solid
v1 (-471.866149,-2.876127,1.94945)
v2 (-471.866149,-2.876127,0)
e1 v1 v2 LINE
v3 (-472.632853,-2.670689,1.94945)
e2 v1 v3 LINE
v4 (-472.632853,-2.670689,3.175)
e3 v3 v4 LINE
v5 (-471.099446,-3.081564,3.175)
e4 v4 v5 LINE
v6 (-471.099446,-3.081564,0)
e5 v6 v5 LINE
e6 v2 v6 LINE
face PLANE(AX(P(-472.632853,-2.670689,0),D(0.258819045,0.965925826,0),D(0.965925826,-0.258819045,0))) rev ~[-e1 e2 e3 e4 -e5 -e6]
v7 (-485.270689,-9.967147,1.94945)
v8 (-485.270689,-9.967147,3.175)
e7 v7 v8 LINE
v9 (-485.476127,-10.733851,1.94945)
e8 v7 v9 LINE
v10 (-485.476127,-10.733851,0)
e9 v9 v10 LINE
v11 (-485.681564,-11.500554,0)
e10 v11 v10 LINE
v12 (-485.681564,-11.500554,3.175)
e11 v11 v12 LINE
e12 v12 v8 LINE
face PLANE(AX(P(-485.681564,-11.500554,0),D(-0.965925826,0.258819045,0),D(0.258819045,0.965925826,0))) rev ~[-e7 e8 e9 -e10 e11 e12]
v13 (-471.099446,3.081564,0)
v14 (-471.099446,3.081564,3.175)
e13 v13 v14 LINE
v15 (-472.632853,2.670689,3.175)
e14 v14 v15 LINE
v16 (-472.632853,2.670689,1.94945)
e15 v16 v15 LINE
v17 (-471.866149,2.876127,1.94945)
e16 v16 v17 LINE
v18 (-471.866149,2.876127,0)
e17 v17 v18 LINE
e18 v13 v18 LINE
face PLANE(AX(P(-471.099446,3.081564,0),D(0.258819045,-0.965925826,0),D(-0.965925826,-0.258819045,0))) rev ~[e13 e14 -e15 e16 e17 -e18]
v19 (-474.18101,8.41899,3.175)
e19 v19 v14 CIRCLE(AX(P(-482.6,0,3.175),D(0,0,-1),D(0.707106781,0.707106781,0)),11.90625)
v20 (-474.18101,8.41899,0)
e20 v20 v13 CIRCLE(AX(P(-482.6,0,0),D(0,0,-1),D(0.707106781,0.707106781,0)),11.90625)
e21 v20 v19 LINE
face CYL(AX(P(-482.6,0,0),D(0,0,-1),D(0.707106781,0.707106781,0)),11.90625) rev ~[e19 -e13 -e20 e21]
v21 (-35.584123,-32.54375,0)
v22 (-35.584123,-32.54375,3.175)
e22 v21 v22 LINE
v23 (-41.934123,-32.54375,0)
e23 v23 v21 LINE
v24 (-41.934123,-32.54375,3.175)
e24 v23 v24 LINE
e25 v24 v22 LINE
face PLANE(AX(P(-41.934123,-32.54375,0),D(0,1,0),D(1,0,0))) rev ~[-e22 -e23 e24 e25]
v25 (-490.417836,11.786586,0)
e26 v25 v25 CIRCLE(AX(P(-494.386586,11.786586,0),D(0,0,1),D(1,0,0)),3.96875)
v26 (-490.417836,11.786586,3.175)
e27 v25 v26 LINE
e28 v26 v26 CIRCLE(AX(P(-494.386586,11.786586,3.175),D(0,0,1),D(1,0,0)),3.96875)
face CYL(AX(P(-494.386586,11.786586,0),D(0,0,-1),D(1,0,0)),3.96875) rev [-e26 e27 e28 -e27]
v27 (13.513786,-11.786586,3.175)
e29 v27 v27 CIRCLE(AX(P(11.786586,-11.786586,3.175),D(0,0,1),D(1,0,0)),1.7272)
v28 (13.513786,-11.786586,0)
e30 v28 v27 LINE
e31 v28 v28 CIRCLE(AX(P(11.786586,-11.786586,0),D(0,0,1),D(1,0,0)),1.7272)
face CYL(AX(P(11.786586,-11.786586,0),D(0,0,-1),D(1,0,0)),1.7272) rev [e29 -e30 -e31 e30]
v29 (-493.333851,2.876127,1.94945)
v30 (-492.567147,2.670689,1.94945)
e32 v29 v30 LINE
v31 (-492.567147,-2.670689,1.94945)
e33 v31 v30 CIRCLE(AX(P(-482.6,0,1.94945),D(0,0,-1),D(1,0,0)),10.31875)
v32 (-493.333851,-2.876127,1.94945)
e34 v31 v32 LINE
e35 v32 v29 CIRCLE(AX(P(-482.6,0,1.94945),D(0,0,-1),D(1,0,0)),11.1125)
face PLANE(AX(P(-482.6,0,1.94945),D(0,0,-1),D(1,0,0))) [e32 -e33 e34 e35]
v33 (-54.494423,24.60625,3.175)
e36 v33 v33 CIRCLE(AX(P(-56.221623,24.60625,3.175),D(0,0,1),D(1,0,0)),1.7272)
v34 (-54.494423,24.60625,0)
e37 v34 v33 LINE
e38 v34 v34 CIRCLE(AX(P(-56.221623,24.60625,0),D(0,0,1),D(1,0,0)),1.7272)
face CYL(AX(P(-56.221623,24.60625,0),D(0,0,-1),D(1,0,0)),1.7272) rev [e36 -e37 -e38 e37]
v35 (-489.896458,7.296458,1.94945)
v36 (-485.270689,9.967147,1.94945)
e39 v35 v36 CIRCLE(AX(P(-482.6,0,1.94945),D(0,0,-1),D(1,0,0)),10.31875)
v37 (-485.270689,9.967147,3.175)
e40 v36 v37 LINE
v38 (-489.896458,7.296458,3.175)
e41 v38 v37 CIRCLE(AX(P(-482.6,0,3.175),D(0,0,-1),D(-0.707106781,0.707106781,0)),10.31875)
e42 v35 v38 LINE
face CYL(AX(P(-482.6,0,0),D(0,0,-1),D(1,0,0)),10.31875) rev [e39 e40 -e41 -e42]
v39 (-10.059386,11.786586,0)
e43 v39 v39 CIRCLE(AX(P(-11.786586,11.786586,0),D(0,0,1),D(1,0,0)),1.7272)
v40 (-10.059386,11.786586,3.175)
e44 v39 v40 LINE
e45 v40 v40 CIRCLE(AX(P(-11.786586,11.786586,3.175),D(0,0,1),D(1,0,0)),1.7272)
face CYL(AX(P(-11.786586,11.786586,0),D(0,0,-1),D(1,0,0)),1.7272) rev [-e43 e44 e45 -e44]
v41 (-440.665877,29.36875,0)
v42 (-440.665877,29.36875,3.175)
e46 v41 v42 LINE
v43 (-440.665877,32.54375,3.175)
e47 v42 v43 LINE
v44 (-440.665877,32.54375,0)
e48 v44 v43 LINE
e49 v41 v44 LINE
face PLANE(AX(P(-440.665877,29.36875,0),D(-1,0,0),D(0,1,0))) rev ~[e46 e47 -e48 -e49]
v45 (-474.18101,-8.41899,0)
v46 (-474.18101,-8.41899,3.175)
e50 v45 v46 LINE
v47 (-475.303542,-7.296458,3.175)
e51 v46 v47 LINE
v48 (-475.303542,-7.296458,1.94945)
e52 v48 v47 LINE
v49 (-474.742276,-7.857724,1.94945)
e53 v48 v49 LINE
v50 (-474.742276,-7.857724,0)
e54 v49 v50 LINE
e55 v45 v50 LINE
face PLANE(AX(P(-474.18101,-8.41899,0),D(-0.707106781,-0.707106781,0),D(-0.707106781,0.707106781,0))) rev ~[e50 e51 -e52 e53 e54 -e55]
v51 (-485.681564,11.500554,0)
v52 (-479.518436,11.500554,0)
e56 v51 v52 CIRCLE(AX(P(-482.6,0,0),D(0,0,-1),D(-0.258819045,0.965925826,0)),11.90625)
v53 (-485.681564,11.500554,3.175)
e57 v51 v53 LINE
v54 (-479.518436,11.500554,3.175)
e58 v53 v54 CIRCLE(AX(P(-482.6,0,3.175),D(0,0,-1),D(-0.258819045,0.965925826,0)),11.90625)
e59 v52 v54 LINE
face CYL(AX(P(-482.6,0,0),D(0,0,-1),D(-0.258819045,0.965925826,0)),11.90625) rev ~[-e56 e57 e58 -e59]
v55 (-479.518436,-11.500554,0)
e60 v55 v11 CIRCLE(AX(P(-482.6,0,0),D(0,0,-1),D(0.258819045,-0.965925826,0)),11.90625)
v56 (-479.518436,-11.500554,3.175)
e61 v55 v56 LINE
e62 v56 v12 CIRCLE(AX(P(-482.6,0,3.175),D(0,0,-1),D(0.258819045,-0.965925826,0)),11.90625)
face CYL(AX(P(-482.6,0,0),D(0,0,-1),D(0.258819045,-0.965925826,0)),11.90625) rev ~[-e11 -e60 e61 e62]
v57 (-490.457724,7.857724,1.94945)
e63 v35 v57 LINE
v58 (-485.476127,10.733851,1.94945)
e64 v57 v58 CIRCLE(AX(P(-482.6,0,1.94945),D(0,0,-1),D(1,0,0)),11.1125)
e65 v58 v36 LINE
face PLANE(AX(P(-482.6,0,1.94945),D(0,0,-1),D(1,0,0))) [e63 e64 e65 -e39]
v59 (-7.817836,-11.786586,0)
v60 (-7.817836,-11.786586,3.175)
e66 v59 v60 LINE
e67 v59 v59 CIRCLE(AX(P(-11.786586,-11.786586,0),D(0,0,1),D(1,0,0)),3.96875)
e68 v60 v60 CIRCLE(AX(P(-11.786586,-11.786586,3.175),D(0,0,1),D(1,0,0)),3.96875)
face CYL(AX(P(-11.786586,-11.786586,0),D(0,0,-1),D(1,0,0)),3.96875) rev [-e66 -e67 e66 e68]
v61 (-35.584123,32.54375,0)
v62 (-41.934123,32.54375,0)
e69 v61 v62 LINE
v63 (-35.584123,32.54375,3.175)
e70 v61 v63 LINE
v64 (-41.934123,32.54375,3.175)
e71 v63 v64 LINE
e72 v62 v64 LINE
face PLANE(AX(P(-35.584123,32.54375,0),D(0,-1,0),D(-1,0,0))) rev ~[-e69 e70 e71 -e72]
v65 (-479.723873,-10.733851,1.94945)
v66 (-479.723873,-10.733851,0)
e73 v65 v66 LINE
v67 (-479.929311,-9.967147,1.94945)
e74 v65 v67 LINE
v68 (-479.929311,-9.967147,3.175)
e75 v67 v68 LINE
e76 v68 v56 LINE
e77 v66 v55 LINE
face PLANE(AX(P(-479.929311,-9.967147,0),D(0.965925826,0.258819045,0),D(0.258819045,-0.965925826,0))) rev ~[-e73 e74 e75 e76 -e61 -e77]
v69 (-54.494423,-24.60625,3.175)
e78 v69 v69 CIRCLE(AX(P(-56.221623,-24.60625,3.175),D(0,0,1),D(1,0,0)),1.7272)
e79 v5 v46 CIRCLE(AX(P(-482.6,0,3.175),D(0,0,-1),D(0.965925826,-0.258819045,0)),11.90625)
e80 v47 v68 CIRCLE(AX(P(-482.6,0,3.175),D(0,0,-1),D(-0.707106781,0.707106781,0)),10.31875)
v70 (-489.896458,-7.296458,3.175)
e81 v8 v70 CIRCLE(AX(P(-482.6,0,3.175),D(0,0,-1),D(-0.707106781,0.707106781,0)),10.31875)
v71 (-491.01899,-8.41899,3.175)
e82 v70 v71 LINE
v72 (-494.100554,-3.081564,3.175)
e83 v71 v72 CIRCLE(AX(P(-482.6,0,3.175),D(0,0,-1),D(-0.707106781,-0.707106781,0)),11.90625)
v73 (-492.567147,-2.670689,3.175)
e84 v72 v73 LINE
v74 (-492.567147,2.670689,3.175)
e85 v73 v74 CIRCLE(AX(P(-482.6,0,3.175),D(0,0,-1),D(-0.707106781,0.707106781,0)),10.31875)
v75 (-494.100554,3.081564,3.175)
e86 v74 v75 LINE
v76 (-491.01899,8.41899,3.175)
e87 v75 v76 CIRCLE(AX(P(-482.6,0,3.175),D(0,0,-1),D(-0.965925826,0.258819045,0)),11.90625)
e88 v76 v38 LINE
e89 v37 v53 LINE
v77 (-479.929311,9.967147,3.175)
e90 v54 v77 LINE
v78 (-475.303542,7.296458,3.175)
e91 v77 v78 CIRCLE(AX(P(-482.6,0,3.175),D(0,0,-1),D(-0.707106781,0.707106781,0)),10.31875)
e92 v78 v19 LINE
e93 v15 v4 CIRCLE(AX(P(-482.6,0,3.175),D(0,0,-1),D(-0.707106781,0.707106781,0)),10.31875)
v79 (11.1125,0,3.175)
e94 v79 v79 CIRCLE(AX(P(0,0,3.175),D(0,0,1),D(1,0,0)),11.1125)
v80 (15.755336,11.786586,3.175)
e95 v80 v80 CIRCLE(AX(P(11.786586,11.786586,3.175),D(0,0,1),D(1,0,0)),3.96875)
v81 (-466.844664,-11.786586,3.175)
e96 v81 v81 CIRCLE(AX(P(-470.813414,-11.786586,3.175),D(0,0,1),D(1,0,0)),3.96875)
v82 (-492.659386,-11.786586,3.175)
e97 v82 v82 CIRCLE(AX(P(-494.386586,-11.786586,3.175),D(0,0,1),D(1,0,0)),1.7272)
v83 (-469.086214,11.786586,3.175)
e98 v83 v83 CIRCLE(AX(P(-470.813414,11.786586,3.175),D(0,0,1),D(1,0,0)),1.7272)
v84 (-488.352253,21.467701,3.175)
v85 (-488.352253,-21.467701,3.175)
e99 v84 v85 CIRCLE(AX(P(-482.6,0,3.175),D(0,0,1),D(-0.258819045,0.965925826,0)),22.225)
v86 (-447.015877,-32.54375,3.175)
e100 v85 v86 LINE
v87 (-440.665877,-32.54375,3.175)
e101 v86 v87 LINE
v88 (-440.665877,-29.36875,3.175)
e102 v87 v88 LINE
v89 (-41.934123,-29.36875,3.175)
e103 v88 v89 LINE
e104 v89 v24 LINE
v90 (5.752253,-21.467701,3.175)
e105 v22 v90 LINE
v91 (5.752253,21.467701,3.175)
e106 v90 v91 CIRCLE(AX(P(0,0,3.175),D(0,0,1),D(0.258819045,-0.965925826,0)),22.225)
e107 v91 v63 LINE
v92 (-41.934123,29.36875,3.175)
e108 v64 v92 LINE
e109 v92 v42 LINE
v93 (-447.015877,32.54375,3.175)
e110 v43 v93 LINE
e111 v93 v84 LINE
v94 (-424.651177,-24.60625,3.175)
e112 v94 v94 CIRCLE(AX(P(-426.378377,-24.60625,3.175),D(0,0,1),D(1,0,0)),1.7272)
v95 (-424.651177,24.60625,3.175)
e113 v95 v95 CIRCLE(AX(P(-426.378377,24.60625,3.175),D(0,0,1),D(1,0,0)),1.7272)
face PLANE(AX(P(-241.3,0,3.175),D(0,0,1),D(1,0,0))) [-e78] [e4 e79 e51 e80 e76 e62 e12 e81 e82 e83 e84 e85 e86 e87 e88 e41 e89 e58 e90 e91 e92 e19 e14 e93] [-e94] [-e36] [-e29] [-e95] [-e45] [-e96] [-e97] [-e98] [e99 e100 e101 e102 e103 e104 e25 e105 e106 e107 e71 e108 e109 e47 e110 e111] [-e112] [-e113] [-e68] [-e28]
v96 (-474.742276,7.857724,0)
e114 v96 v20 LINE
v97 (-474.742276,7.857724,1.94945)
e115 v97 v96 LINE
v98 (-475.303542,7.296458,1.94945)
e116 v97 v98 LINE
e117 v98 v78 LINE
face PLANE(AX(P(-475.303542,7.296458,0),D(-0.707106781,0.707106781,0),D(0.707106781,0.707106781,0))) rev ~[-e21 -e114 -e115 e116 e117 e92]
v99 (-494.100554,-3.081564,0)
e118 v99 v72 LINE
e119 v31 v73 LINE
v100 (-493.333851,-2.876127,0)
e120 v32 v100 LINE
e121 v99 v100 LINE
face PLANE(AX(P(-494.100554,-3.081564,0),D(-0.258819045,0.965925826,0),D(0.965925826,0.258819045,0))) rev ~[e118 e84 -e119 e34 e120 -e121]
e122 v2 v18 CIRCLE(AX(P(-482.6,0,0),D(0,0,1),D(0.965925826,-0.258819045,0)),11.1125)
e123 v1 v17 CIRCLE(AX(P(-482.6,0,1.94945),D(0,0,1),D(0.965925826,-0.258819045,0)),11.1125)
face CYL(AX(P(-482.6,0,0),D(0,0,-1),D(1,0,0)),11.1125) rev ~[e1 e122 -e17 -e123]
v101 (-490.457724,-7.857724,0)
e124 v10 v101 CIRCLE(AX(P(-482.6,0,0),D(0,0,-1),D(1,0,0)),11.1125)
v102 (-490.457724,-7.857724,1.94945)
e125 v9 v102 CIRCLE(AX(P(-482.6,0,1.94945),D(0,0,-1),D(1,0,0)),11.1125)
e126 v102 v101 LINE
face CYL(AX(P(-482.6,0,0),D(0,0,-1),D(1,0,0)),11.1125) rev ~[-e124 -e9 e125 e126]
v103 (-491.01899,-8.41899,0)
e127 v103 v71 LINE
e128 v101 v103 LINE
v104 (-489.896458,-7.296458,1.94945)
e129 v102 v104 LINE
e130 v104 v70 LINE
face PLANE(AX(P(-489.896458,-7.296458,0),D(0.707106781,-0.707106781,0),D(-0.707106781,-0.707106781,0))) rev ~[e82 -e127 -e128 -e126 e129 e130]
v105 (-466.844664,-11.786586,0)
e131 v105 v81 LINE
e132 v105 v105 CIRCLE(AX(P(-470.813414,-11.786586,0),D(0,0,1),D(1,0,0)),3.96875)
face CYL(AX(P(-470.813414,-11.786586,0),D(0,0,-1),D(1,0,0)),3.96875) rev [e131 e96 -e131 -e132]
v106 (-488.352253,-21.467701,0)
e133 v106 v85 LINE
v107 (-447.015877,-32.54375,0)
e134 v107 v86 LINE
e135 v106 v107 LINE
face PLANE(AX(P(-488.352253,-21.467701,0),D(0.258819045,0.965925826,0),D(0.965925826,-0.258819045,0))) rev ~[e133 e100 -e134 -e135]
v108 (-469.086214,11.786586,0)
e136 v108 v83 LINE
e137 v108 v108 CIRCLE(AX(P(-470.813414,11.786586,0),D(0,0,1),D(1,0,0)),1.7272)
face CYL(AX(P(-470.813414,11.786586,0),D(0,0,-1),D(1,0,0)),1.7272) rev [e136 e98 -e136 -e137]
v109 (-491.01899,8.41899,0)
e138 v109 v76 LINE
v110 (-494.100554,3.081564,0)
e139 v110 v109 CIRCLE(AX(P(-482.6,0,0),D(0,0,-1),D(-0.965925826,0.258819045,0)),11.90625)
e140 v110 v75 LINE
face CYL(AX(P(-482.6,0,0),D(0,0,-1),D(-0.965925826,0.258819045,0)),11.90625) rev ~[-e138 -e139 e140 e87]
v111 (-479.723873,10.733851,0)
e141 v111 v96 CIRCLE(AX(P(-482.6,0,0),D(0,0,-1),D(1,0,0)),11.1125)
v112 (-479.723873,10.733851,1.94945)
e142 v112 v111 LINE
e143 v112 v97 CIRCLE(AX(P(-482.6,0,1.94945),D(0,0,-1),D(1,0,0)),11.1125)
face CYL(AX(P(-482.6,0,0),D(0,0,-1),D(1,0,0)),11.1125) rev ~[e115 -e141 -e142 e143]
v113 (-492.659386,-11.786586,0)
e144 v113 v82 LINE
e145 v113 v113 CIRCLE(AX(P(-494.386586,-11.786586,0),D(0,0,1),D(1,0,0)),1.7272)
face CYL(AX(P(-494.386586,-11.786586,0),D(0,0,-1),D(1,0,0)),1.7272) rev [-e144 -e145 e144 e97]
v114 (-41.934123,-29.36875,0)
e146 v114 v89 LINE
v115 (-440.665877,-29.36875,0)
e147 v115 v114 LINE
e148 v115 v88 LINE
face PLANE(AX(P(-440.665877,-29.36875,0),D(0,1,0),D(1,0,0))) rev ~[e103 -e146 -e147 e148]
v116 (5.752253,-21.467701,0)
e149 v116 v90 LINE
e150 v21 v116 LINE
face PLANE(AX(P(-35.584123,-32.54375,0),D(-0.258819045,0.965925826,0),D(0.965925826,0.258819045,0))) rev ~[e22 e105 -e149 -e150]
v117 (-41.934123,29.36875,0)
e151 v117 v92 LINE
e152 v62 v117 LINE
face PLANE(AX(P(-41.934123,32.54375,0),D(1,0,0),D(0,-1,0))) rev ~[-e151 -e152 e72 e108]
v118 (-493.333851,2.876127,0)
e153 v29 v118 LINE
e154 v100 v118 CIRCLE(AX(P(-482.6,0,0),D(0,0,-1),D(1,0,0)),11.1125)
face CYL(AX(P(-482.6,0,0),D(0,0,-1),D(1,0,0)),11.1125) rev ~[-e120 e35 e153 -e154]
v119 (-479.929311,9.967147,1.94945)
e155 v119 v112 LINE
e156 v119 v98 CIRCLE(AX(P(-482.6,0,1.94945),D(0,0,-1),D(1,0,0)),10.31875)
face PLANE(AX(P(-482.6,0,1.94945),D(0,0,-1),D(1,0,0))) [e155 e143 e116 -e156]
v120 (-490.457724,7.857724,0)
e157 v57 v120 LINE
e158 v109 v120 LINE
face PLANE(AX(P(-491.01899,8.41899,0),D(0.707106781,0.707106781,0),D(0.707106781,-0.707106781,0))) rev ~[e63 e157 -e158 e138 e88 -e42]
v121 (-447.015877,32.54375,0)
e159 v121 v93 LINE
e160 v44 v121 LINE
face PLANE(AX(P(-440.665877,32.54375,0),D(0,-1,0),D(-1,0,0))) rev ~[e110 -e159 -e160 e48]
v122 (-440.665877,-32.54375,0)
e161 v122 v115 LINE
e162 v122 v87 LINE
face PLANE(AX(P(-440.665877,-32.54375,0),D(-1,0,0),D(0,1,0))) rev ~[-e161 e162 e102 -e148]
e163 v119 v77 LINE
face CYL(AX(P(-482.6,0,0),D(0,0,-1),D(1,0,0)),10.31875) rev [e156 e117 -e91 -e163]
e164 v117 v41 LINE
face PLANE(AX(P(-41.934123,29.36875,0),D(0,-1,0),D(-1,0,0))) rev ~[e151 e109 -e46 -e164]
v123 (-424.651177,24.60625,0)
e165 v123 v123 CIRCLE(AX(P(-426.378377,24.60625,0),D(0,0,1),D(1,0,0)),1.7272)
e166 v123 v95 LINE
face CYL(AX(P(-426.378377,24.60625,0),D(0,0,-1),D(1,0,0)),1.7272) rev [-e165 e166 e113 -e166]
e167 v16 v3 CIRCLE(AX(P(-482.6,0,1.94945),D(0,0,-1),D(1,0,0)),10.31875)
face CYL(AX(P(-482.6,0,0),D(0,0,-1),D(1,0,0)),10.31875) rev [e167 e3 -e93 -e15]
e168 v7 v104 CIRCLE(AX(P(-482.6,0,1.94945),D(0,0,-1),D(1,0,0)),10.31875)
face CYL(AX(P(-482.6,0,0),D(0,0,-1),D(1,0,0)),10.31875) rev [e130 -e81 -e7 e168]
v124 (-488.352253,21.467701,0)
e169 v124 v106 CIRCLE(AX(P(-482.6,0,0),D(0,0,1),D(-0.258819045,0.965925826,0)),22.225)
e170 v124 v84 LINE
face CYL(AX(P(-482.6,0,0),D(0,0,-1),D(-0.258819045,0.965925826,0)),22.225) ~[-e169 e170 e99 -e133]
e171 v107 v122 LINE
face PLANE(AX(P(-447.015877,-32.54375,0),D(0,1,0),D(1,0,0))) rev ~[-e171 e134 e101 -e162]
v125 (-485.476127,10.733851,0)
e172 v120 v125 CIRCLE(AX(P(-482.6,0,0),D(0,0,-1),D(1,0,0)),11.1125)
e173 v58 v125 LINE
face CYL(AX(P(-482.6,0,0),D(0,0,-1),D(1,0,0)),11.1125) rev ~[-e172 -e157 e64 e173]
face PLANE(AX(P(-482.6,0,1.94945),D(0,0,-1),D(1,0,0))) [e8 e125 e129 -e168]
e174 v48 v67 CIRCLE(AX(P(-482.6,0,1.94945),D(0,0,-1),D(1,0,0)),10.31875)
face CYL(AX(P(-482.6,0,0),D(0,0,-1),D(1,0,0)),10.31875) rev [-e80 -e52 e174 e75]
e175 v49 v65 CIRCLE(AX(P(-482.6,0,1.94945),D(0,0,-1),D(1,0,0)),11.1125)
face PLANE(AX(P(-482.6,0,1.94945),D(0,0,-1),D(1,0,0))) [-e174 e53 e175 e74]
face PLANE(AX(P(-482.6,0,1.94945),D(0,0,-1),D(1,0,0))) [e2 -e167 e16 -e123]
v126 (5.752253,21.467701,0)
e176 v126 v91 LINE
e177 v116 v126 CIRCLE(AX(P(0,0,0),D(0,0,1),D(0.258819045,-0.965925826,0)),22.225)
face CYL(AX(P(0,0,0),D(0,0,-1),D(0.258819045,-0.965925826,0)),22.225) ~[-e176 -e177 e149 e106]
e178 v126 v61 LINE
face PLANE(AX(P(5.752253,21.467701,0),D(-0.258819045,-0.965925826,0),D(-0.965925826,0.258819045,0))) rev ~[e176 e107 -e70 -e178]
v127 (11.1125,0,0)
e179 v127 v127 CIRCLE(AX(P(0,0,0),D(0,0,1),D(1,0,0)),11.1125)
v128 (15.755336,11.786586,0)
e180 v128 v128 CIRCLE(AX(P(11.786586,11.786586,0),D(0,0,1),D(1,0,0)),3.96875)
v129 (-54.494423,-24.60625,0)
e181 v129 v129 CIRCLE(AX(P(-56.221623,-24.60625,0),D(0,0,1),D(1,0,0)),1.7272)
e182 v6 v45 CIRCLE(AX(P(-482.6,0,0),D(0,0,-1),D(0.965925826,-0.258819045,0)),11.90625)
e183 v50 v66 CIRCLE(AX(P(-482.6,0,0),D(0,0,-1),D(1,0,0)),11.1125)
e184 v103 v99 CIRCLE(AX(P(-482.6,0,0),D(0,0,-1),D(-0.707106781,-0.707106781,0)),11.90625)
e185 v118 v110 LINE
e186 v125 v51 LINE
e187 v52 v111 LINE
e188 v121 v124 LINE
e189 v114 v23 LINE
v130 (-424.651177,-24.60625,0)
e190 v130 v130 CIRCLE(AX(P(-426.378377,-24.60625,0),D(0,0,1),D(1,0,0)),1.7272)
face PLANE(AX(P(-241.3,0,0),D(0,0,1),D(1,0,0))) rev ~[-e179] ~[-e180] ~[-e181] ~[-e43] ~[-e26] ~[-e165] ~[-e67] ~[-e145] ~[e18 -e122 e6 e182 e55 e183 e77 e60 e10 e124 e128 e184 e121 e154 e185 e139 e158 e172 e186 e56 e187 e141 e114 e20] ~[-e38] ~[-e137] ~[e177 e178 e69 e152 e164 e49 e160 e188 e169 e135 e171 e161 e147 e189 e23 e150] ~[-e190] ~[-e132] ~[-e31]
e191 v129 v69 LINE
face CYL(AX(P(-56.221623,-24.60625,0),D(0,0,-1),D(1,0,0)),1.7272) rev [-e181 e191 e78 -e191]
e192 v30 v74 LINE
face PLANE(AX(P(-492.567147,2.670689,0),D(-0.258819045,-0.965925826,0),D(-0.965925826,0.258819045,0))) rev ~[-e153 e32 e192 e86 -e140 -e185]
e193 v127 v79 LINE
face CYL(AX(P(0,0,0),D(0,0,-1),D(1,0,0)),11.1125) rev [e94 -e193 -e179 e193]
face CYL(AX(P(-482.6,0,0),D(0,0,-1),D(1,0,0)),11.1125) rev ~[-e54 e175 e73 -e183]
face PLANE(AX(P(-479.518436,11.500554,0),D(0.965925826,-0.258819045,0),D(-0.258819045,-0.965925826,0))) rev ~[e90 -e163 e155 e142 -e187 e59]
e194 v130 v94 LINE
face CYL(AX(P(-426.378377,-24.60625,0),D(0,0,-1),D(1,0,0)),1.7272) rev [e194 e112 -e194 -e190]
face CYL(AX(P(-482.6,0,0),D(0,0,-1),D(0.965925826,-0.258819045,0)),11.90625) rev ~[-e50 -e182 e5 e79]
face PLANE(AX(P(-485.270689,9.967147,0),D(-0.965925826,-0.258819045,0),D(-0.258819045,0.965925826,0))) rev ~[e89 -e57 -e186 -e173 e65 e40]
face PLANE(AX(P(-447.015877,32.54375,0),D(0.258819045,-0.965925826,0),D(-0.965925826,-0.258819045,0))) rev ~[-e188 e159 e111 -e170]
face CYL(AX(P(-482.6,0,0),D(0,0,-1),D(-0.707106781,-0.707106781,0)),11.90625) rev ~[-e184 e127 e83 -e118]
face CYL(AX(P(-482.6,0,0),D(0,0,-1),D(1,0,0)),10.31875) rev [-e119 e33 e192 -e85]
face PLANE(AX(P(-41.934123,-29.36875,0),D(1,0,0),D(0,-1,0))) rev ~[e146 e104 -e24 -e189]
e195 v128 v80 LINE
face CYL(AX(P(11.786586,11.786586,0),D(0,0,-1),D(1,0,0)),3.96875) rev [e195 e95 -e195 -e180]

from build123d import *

# Parameters (mm, degrees)
F0_R     = 1.7272
F0_R_2   = 3.96875
F0_R_3   = 10.31875
F0_R_4   = 11.1125
F1_DEPTH = 3.175
F3_DEPTH = 3.175
F4_COUNT = 6
F4_ANGLE = 300
F5_R     = 11.1125
F6_DEPTH = 1.94945


with BuildPart() as f1:
    # F0 (on Top) → F1 (new body)
    with BuildSketch(Plane.XY):
        with BuildLine():
            Line((-447.0158774883, 32.54375), (-488.3522532774, 21.4677014893))
            ThreePointArc((-488.3522532774, 21.4677014893), (-504.825, 0), (-488.3522532774, -21.4677014893))
            Line((-488.3522532774, -21.4677014893), (-447.0158774883, -32.54375))
            Line((-447.0158774883, -32.54375), (-440.6658774883, -32.54375))
            Line((-440.6658774883, -32.54375), (-440.6658774883, -29.36875))
            Line((-440.6658774883, -29.36875), (-41.9341225117, -29.36875))
            Line((-41.9341225117, -29.36875), (-41.9341225117, -32.54375))
            Line((-41.9341225117, -32.54375), (-35.5841225117, -32.54375))
            Line((-35.5841225117, -32.54375), (5.7522532774, -21.4677014893))
            ThreePointArc((5.7522532774, -21.4677014893), (22.225, 0), (5.7522532774, 21.4677014893))
            Line((5.7522532774, 21.4677014893), (-35.5841225117, 32.54375))
            Line((-35.5841225117, 32.54375), (-41.9341225117, 32.54375))
            Line((-41.9341225117, 32.54375), (-41.9341225117, 29.36875))
            Line((-41.9341225117, 29.36875), (-440.6658774883, 29.36875))
            Line((-440.6658774883, 29.36875), (-440.6658774883, 32.54375))
            Line((-440.6658774883, 32.54375), (-447.0158774883, 32.54375))
        make_face()
        with Locations((-426.3783774883, -24.60625)):
            Circle(F0_R, mode=Mode.SUBTRACT)
        with Locations((-494.3865861589, -11.7865861589)):
            Circle(F0_R, mode=Mode.SUBTRACT)
        with Locations((-470.8134138411, -11.7865861589)):
            Circle(F0_R_2, mode=Mode.SUBTRACT)
        with Locations((-56.2216225117, -24.60625)):
            Circle(F0_R, mode=Mode.SUBTRACT)
        with Locations((-11.7865861589, -11.7865861589)):
            Circle(F0_R_2, mode=Mode.SUBTRACT)
        with Locations((11.7865861589, -11.7865861589)):
            Circle(F0_R, mode=Mode.SUBTRACT)
        with Locations((-482.6, 0)):
            Circle(F0_R_3, mode=Mode.SUBTRACT)
        with Locations((-494.3865861589, 11.7865861589)):
            Circle(F0_R_2, mode=Mode.SUBTRACT)
        with Locations((-470.8134138411, 11.7865861589)):
            Circle(F0_R, mode=Mode.SUBTRACT)
        with Locations((-426.3783774883, 24.60625)):
            Circle(F0_R, mode=Mode.SUBTRACT)
        Circle(F0_R_4, mode=Mode.SUBTRACT)
        with Locations((-11.7865861589, 11.7865861589)):
            Circle(F0_R, mode=Mode.SUBTRACT)
        with Locations((11.7865861589, 11.7865861589)):
            Circle(F0_R_2, mode=Mode.SUBTRACT)
        with Locations((-56.2216225117, 24.60625)):
            Circle(F0_R, mode=Mode.SUBTRACT)
    extrude(amount=F1_DEPTH)

    # F2 (on face) → F3 (cut, through all)
    with BuildSketch(Plane(origin=(0, 0, 0), x_dir=(1, 0, 0), z_dir=(0, 0, -1))):
        with BuildLine():
            ThreePointArc((-489.8964580984, -7.2964580984), (-491.5362996353, -5.159375), (-492.56714712, -2.6706890217))
            Line((-492.56714712, -2.6706890217), (-494.1005543693, -3.0815642558))
            ThreePointArc((-494.1005543693, -3.0815642558), (-492.9111149638, -5.953125), (-491.0189901135, -8.4189901135))
            Line((-491.0189901135, -8.4189901135), (-489.8964580984, -7.2964580984))
        make_face()
    f3 = extrude(amount=-F3_DEPTH, mode=Mode.SUBTRACT)

    # F4: F3 ×6 about axis
    f4_axis = Axis((-482.6, 0, 0), (0, 0, -1))
    for i in range(1, F4_COUNT):
        add(f3.rotate(f4_axis, i * F4_ANGLE / (F4_COUNT - 1)), mode=Mode.SUBTRACT)

    # F5 (on face) → F6 (cut)
    with BuildSketch(Plane(origin=(0, 0, 0), x_dir=(1, 0, 0), z_dir=(0, 0, -1))):
        with Locations((-482.6, 0)):
            Circle(F5_R)
    extrude(amount=-F6_DEPTH, mode=Mode.SUBTRACT)


solid = f1.part
